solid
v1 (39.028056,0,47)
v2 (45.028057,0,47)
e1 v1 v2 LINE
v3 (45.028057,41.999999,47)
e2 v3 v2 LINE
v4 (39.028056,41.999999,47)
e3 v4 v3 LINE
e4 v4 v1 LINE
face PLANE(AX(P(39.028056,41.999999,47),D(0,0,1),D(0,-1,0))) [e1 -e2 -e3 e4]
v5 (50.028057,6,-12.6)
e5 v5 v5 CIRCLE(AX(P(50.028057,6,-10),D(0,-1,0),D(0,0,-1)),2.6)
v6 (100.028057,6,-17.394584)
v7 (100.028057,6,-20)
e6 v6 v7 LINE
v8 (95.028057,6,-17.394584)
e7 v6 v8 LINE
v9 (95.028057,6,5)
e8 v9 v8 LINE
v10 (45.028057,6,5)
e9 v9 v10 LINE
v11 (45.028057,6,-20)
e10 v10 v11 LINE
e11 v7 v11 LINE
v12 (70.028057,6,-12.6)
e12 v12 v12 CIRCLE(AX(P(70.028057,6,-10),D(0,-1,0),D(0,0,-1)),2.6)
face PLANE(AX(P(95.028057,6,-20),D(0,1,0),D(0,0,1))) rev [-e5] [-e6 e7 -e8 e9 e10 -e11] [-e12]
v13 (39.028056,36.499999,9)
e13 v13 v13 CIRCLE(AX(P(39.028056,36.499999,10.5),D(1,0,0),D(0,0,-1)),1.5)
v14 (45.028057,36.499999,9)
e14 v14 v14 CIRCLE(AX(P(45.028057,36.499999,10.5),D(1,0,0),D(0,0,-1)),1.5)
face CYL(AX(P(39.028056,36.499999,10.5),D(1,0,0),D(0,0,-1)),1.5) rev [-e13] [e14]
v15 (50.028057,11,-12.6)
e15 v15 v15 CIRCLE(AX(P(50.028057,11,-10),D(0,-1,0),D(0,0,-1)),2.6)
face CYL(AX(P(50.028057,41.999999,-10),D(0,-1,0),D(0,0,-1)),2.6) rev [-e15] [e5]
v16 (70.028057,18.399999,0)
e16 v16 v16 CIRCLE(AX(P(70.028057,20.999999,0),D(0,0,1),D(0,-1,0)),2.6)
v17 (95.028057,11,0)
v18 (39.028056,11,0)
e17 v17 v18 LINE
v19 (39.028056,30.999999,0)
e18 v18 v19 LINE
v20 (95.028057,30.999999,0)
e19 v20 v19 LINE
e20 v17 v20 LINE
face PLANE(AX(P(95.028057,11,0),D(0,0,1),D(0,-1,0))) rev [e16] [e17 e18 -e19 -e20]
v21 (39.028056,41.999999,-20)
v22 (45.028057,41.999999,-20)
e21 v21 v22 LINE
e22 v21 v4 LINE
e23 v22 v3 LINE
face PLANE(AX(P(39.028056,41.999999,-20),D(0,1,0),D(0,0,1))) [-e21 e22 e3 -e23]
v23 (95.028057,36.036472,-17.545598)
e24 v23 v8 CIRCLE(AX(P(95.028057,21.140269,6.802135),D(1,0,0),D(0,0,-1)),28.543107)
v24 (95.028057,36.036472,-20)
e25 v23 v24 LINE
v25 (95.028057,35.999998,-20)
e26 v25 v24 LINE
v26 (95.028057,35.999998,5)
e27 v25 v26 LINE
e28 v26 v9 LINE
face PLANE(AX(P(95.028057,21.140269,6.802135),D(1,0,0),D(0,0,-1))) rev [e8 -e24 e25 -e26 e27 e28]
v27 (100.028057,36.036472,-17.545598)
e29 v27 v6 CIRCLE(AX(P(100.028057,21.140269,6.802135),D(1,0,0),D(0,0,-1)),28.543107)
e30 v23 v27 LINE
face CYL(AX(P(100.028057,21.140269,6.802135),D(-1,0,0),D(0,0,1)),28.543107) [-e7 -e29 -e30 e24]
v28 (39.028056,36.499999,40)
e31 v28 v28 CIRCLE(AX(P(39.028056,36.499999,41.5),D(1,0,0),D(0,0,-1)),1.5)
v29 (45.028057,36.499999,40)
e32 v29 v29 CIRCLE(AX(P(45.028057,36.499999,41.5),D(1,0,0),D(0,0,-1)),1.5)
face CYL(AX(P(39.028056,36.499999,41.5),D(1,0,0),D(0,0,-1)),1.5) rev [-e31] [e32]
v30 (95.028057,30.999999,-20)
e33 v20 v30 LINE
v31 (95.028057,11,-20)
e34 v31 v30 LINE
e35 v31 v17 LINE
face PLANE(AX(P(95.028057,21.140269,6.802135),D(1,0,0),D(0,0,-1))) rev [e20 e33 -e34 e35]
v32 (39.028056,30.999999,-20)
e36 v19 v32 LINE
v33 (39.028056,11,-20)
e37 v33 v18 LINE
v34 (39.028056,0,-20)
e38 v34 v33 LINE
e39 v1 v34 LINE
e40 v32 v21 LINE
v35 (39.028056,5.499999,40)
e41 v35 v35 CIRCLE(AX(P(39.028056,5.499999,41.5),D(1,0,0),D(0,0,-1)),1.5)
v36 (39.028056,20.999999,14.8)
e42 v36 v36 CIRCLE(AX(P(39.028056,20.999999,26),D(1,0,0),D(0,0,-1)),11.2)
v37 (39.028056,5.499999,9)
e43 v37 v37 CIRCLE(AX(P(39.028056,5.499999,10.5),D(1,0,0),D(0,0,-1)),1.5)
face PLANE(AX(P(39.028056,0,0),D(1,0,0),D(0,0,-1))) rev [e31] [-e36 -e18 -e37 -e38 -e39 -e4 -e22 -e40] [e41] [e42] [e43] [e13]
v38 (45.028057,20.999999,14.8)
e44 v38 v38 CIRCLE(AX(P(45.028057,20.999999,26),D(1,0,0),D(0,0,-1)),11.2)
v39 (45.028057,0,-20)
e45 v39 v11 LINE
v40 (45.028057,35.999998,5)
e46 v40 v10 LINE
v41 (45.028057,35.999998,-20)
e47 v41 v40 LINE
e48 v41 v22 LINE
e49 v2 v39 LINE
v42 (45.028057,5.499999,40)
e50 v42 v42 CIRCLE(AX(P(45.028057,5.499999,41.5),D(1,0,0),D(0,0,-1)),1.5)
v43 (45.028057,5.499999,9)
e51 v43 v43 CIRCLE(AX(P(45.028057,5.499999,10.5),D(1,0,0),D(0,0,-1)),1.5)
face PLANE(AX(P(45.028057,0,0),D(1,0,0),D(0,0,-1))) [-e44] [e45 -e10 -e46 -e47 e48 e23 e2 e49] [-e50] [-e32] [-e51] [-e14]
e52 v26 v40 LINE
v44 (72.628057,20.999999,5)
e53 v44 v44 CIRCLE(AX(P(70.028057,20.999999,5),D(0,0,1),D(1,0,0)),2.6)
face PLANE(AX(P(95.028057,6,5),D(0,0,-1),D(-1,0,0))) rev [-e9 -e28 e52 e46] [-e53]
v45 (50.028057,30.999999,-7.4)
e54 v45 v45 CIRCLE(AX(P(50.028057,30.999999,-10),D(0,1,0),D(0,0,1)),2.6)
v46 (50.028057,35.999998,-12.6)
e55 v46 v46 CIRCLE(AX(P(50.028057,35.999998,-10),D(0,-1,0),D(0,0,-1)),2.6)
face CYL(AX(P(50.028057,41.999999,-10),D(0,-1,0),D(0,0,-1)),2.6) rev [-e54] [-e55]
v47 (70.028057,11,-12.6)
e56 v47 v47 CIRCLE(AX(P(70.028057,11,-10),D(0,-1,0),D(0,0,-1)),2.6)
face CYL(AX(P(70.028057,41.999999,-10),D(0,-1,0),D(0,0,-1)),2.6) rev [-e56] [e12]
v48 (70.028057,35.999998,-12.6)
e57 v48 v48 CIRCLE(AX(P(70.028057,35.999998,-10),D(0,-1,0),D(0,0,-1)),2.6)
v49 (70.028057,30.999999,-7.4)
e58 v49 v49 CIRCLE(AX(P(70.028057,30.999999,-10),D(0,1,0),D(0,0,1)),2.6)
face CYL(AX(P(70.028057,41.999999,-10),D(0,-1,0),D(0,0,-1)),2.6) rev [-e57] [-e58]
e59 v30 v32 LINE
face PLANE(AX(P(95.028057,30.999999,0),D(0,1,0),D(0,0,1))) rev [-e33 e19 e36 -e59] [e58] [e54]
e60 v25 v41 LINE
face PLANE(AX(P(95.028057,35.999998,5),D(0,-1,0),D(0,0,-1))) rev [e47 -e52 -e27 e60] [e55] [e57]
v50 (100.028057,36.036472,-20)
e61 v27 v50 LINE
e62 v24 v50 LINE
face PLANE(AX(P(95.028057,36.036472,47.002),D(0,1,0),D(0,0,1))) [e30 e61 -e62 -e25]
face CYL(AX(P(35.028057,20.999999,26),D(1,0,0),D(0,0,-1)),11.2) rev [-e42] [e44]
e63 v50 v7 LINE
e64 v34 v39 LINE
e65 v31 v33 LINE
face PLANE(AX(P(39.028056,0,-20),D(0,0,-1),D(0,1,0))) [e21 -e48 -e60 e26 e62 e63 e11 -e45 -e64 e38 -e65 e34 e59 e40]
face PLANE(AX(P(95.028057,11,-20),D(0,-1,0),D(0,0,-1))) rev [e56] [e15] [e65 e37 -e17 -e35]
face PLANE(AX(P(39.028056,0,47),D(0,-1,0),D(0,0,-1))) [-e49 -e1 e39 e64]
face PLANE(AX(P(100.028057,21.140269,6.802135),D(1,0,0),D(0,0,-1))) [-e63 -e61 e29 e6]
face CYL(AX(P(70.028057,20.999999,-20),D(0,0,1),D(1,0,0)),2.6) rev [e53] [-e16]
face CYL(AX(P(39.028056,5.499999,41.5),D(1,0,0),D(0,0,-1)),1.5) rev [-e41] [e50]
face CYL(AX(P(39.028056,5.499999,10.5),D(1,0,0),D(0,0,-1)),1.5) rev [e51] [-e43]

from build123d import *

# Parameters (mm, degrees)
SKETCH1_W           = 67
SKETCH1_H           = 41.999999434
BOSS_EXTRUDE1_DEPTH = 6.000000983
SKETCH2_W           = 24.999999441
SKETCH2_H           = 29.999998398
BOSS_EXTRUDE2_DEPTH = 50
SKETCH3_W           = 19.999999553
SKETCH3_H           = 19.999999553
CUT_EXTRUDE1_DEPTH  = 85.314886613
SKETCH14_R          = 11.2
CUT_EXTRUDE12_DEPTH = 10
SKETCH15_R          = 2.6
CUT_EXTRUDE13_DEPTH = 112.961295121
SKETCH18_R          = 1.5
CUT_EXTRUDE14_DEPTH = 81.454956308
SKETCH19_R          = 2.6
CUT_EXTRUDE15_DEPTH = 113.063962124
SKETCH20_R          = 28.543107088
BOSS_EXTRUDE3_DEPTH = 5
BOSS_EXTRUDE4_REACH = 132.242
SKETCH21_W          = 30.03647221
SKETCH21_H          = 5
SKETCH22_W          = 8.074560758
SKETCH22_H          = 29.943227156
CUT_EXTRUDE16_DEPTH = 10


with BuildPart() as part:
    # Sketch1 → Boss-Extrude1 (new body)
    with BuildSketch(Plane(origin=(45.028056949, 0, 0), x_dir=(0, 0, -1), z_dir=(1, 0, 0))):
        with Locations((-13.500000447, 20.999999717)):
            Rectangle(SKETCH1_W, SKETCH1_H)
    extrude(amount=-BOSS_EXTRUDE1_DEPTH)

    # Sketch2 → Boss-Extrude2 (add)
    with BuildSketch(Plane(origin=(45.028056949, 0, 0), x_dir=(0, 0, -1), z_dir=(1, 0, 0))):
        with Locations((7.499999833, 20.999999251)):
            Rectangle(SKETCH2_W, SKETCH2_H)
    extrude(amount=BOSS_EXTRUDE2_DEPTH)

    # Sketch3 → Cut-Extrude1 (cut, through all)
    with BuildSketch(Plane.ZY.offset(-39.028055966)):
        with Locations((-9.999999777, 20.999999716)):
            Rectangle(SKETCH3_W, SKETCH3_H)
    extrude(amount=-CUT_EXTRUDE1_DEPTH, mode=Mode.SUBTRACT)

    # Sketch14 → Cut-Extrude12 (cut)
    with BuildSketch(Plane(origin=(45.028056949, 0, 0), x_dir=(0, 0, -1), z_dir=(1, 0, 0))):
        with Locations((-25.999999888, 20.999999251)):
            Circle(SKETCH14_R)
    extrude(amount=-CUT_EXTRUDE12_DEPTH, mode=Mode.SUBTRACT)

    # Sketch15 → Cut-Extrude13 (cut, through all)
    with BuildSketch(Plane(origin=(0, 6.000000052, 0), x_dir=(-1, 0, 0), z_dir=(0, -1, 0))):
        with Locations(Location((-50.028056949, 9.999999553, 0), (0, 0, 90))):
            Circle(SKETCH15_R)
        with Locations(Location((-70.028056949, 9.999999553, 0), (0, 0, 90))):
            Circle(SKETCH15_R)
    extrude(amount=-CUT_EXTRUDE13_DEPTH, mode=Mode.SUBTRACT)

    # Sketch18 → Cut-Extrude14 (cut, through all)
    with BuildSketch(Plane(origin=(45.028056949, 0, 0), x_dir=(0, 0, -1), z_dir=(1, 0, 0))):
        with Locations((-10.499999888, 36.499999251)):
            Circle(SKETCH18_R)
        with Locations((-10.499999888, 5.499999251)):
            Circle(SKETCH18_R)
        with Locations((-41.499999888, 5.499999251)):
            Circle(SKETCH18_R)
        with Locations((-41.499999888, 36.499999251)):
            Circle(SKETCH18_R)
    extrude(amount=-CUT_EXTRUDE14_DEPTH, mode=Mode.SUBTRACT)

    # Sketch19 → Cut-Extrude15 (cut, through all)
    with BuildSketch(Plane.XY.offset(4.999999888)):
        with Locations((70.028056949, 20.999999251)):
            Circle(SKETCH19_R)
    extrude(amount=-CUT_EXTRUDE15_DEPTH, mode=Mode.SUBTRACT)

    # Sketch20 → Boss-Extrude3 (add)
    with BuildSketch(Plane(origin=(95.028056949, 0, 0), x_dir=(0, 0, -1), z_dir=(1, 0, 0))):
        with Locations(Location((-6.802134848, 21.140269153, 0), (0, 0, 327.965134835))):
            Circle(SKETCH20_R)
    extrude(amount=BOSS_EXTRUDE3_DEPTH)

    # Sketch21 → Boss-Extrude4 (add, up to next)
    with BuildSketch(Plane.YX.offset(19.999999553), mode=Mode.PRIVATE) as boss_extrude4_sk1:
        with Locations((21.018236157, 97.528056949)):
            Rectangle(SKETCH21_W, SKETCH21_H)
    boss_extrude4_tool1 = extrude(boss_extrude4_sk1.sketch, amount=-BOSS_EXTRUDE4_REACH, mode=Mode.PRIVATE) - part.part
    add(boss_extrude4_tool1.solids().sort_by_distance((97.528057, 21.018236, -20))[0])
    add(boss_extrude4_tool1.solids().sort_by_distance((97.528057, 21.018236, -20))[1])

    # Sketch22 → Cut-Extrude16 (cut)
    with BuildSketch(Plane(origin=(100.028056949, 0, 0), x_dir=(0, 0, -1), z_dir=(1, 0, 0))):
        with Locations((24.037279932, 20.970137181)):
            Rectangle(SKETCH22_W, SKETCH22_H)
    extrude(amount=-CUT_EXTRUDE16_DEPTH, mode=Mode.SUBTRACT)


solid = part.part
